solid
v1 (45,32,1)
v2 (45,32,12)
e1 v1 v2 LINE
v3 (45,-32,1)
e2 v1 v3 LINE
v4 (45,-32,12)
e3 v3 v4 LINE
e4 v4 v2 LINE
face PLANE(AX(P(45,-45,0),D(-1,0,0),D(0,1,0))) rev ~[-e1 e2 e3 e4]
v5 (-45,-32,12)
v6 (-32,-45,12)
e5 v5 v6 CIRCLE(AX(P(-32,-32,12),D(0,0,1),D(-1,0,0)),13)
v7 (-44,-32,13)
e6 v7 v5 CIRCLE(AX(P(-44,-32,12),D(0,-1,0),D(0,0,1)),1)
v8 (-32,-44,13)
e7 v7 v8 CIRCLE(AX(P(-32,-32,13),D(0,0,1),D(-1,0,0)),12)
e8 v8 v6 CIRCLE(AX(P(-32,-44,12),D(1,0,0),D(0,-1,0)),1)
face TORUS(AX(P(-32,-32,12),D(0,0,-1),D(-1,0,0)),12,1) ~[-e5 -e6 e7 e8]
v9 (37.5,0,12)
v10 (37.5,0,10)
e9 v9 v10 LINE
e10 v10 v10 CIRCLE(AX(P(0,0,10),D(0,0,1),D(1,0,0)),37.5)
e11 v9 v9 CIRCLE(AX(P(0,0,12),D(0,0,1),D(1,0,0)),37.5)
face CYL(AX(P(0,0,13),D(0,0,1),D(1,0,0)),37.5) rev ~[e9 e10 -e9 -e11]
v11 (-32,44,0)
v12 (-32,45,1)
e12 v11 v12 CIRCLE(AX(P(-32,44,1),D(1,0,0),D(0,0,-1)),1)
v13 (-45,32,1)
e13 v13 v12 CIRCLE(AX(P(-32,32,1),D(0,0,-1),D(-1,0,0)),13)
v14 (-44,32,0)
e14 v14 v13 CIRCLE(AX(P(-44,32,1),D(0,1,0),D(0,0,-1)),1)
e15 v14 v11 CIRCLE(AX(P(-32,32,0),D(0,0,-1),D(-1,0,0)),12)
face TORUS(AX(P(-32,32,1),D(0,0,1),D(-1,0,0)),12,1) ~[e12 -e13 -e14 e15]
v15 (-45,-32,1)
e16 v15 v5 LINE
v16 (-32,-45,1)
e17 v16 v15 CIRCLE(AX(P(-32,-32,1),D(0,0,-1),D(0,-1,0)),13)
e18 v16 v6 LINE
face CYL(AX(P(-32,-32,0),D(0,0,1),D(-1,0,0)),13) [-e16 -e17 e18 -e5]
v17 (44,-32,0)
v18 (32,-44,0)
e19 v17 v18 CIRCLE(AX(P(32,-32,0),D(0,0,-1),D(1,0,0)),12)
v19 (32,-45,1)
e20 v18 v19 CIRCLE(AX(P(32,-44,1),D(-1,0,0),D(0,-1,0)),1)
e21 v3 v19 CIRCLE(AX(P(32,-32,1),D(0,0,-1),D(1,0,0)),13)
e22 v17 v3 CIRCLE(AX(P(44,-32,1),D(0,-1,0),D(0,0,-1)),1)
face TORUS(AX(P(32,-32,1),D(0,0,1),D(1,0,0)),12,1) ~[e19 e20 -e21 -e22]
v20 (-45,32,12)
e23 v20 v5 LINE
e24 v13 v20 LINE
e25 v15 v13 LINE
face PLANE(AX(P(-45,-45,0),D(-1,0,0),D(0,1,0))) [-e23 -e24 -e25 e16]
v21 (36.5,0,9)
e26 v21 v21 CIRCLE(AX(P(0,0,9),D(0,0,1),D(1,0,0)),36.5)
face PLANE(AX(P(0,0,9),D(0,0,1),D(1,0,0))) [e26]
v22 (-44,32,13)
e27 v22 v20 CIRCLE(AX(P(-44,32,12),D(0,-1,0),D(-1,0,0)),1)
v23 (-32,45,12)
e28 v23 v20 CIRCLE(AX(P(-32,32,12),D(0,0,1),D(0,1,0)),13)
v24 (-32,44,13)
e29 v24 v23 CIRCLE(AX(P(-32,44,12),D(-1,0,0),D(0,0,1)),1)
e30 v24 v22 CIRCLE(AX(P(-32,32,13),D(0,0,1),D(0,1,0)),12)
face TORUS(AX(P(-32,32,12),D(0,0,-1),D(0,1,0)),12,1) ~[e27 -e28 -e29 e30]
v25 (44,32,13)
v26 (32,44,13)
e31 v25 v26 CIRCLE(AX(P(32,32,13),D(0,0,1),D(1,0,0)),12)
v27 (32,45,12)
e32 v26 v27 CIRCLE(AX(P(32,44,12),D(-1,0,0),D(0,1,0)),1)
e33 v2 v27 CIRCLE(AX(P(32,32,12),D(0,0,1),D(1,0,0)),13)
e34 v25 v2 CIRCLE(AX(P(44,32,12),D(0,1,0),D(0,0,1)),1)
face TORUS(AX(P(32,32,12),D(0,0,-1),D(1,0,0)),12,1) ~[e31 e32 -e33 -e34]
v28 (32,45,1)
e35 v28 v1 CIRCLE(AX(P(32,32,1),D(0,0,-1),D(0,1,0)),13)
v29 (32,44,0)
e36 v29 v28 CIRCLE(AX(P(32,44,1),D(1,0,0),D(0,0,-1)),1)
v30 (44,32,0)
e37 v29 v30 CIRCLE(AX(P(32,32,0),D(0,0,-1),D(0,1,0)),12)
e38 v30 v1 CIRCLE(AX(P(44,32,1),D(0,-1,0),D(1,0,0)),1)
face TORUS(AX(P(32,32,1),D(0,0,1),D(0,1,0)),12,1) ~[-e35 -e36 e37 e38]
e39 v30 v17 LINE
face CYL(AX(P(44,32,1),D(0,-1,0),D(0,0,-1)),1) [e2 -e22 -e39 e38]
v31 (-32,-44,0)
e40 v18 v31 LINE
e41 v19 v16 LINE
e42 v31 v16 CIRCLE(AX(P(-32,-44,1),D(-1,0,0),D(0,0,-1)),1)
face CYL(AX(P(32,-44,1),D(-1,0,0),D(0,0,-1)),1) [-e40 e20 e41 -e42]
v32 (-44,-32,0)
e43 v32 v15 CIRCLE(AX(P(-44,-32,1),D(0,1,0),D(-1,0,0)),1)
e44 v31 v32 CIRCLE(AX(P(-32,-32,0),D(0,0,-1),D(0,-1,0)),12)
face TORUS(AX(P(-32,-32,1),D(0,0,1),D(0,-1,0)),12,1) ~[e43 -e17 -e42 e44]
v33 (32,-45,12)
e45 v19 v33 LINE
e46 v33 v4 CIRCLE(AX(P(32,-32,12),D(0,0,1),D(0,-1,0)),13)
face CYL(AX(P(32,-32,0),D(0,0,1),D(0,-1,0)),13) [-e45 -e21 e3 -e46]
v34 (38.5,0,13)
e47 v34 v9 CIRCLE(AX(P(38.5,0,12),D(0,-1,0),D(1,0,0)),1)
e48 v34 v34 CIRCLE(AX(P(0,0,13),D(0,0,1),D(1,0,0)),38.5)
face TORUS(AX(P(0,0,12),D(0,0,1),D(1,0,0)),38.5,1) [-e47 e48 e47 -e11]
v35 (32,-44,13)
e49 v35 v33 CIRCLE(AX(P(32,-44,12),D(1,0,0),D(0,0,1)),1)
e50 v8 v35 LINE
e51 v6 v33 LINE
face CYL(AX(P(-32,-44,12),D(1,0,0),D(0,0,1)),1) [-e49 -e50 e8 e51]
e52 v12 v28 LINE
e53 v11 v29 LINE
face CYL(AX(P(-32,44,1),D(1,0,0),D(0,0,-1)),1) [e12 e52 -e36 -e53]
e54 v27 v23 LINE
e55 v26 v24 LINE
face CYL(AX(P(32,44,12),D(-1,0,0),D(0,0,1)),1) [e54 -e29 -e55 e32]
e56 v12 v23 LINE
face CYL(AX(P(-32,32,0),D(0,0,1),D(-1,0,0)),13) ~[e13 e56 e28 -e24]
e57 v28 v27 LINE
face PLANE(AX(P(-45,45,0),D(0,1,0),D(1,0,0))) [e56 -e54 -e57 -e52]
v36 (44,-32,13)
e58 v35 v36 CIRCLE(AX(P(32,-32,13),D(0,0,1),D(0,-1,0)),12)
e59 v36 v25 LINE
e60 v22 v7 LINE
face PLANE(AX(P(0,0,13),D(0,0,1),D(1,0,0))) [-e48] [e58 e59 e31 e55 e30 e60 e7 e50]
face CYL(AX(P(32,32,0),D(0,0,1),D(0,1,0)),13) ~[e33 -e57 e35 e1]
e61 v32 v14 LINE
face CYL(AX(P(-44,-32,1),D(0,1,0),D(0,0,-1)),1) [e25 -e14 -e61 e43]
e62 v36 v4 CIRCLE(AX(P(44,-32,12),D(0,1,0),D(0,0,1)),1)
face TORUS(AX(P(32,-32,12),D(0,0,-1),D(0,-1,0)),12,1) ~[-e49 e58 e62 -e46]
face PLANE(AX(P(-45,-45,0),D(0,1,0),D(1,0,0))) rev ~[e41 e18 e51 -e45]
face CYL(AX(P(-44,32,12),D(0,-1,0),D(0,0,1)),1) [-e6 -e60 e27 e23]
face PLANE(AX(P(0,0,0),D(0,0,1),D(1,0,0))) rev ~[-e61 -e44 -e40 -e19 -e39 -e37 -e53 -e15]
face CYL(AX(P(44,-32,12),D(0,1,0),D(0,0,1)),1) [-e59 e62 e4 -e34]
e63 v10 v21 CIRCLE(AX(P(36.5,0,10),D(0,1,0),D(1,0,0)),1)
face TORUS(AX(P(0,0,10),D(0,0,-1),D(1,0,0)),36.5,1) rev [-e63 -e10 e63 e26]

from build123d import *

# Parameters (mm, degrees)
F0_W     = 90
F0_H     = 90
F1_DEPTH = 13
F2_R     = 37.5
F3_DEPTH = 4
F4_R     = 13
F5_R     = 1


with BuildPart() as f1:
    # F0 (on Top) → F1 (new body)
    with BuildSketch(Plane.XY):
        Rectangle(F0_W, F0_H)
    extrude(amount=F1_DEPTH)

    # F2 (on face) → F3 (cut)
    with BuildSketch(Plane.XY.offset(13)):
        Circle(F2_R)
    extrude(amount=-F3_DEPTH, mode=Mode.SUBTRACT)

    # F4
    f4_edges = [f1.edges().sort_by_distance(p)[0] for p in [
        (45, 45, 6.5),
        (-45, 45, 6.5),
        (-45, -45, 6.5),
        (45, -45, 6.5),
    ]]
    fillet(f4_edges, radius=F4_R)

    # F5
    f5_edges = [f1.edges().sort_by_distance(p)[0] for p in [
        (45, 0, 13),
        (0, 45, 0),
        (37.5, 0, 11),
        (-37.5, 0, 13),
        (-37.5, 0, 9),
    ]]
    fillet(f5_edges, radius=F5_R)


solid = f1.part
